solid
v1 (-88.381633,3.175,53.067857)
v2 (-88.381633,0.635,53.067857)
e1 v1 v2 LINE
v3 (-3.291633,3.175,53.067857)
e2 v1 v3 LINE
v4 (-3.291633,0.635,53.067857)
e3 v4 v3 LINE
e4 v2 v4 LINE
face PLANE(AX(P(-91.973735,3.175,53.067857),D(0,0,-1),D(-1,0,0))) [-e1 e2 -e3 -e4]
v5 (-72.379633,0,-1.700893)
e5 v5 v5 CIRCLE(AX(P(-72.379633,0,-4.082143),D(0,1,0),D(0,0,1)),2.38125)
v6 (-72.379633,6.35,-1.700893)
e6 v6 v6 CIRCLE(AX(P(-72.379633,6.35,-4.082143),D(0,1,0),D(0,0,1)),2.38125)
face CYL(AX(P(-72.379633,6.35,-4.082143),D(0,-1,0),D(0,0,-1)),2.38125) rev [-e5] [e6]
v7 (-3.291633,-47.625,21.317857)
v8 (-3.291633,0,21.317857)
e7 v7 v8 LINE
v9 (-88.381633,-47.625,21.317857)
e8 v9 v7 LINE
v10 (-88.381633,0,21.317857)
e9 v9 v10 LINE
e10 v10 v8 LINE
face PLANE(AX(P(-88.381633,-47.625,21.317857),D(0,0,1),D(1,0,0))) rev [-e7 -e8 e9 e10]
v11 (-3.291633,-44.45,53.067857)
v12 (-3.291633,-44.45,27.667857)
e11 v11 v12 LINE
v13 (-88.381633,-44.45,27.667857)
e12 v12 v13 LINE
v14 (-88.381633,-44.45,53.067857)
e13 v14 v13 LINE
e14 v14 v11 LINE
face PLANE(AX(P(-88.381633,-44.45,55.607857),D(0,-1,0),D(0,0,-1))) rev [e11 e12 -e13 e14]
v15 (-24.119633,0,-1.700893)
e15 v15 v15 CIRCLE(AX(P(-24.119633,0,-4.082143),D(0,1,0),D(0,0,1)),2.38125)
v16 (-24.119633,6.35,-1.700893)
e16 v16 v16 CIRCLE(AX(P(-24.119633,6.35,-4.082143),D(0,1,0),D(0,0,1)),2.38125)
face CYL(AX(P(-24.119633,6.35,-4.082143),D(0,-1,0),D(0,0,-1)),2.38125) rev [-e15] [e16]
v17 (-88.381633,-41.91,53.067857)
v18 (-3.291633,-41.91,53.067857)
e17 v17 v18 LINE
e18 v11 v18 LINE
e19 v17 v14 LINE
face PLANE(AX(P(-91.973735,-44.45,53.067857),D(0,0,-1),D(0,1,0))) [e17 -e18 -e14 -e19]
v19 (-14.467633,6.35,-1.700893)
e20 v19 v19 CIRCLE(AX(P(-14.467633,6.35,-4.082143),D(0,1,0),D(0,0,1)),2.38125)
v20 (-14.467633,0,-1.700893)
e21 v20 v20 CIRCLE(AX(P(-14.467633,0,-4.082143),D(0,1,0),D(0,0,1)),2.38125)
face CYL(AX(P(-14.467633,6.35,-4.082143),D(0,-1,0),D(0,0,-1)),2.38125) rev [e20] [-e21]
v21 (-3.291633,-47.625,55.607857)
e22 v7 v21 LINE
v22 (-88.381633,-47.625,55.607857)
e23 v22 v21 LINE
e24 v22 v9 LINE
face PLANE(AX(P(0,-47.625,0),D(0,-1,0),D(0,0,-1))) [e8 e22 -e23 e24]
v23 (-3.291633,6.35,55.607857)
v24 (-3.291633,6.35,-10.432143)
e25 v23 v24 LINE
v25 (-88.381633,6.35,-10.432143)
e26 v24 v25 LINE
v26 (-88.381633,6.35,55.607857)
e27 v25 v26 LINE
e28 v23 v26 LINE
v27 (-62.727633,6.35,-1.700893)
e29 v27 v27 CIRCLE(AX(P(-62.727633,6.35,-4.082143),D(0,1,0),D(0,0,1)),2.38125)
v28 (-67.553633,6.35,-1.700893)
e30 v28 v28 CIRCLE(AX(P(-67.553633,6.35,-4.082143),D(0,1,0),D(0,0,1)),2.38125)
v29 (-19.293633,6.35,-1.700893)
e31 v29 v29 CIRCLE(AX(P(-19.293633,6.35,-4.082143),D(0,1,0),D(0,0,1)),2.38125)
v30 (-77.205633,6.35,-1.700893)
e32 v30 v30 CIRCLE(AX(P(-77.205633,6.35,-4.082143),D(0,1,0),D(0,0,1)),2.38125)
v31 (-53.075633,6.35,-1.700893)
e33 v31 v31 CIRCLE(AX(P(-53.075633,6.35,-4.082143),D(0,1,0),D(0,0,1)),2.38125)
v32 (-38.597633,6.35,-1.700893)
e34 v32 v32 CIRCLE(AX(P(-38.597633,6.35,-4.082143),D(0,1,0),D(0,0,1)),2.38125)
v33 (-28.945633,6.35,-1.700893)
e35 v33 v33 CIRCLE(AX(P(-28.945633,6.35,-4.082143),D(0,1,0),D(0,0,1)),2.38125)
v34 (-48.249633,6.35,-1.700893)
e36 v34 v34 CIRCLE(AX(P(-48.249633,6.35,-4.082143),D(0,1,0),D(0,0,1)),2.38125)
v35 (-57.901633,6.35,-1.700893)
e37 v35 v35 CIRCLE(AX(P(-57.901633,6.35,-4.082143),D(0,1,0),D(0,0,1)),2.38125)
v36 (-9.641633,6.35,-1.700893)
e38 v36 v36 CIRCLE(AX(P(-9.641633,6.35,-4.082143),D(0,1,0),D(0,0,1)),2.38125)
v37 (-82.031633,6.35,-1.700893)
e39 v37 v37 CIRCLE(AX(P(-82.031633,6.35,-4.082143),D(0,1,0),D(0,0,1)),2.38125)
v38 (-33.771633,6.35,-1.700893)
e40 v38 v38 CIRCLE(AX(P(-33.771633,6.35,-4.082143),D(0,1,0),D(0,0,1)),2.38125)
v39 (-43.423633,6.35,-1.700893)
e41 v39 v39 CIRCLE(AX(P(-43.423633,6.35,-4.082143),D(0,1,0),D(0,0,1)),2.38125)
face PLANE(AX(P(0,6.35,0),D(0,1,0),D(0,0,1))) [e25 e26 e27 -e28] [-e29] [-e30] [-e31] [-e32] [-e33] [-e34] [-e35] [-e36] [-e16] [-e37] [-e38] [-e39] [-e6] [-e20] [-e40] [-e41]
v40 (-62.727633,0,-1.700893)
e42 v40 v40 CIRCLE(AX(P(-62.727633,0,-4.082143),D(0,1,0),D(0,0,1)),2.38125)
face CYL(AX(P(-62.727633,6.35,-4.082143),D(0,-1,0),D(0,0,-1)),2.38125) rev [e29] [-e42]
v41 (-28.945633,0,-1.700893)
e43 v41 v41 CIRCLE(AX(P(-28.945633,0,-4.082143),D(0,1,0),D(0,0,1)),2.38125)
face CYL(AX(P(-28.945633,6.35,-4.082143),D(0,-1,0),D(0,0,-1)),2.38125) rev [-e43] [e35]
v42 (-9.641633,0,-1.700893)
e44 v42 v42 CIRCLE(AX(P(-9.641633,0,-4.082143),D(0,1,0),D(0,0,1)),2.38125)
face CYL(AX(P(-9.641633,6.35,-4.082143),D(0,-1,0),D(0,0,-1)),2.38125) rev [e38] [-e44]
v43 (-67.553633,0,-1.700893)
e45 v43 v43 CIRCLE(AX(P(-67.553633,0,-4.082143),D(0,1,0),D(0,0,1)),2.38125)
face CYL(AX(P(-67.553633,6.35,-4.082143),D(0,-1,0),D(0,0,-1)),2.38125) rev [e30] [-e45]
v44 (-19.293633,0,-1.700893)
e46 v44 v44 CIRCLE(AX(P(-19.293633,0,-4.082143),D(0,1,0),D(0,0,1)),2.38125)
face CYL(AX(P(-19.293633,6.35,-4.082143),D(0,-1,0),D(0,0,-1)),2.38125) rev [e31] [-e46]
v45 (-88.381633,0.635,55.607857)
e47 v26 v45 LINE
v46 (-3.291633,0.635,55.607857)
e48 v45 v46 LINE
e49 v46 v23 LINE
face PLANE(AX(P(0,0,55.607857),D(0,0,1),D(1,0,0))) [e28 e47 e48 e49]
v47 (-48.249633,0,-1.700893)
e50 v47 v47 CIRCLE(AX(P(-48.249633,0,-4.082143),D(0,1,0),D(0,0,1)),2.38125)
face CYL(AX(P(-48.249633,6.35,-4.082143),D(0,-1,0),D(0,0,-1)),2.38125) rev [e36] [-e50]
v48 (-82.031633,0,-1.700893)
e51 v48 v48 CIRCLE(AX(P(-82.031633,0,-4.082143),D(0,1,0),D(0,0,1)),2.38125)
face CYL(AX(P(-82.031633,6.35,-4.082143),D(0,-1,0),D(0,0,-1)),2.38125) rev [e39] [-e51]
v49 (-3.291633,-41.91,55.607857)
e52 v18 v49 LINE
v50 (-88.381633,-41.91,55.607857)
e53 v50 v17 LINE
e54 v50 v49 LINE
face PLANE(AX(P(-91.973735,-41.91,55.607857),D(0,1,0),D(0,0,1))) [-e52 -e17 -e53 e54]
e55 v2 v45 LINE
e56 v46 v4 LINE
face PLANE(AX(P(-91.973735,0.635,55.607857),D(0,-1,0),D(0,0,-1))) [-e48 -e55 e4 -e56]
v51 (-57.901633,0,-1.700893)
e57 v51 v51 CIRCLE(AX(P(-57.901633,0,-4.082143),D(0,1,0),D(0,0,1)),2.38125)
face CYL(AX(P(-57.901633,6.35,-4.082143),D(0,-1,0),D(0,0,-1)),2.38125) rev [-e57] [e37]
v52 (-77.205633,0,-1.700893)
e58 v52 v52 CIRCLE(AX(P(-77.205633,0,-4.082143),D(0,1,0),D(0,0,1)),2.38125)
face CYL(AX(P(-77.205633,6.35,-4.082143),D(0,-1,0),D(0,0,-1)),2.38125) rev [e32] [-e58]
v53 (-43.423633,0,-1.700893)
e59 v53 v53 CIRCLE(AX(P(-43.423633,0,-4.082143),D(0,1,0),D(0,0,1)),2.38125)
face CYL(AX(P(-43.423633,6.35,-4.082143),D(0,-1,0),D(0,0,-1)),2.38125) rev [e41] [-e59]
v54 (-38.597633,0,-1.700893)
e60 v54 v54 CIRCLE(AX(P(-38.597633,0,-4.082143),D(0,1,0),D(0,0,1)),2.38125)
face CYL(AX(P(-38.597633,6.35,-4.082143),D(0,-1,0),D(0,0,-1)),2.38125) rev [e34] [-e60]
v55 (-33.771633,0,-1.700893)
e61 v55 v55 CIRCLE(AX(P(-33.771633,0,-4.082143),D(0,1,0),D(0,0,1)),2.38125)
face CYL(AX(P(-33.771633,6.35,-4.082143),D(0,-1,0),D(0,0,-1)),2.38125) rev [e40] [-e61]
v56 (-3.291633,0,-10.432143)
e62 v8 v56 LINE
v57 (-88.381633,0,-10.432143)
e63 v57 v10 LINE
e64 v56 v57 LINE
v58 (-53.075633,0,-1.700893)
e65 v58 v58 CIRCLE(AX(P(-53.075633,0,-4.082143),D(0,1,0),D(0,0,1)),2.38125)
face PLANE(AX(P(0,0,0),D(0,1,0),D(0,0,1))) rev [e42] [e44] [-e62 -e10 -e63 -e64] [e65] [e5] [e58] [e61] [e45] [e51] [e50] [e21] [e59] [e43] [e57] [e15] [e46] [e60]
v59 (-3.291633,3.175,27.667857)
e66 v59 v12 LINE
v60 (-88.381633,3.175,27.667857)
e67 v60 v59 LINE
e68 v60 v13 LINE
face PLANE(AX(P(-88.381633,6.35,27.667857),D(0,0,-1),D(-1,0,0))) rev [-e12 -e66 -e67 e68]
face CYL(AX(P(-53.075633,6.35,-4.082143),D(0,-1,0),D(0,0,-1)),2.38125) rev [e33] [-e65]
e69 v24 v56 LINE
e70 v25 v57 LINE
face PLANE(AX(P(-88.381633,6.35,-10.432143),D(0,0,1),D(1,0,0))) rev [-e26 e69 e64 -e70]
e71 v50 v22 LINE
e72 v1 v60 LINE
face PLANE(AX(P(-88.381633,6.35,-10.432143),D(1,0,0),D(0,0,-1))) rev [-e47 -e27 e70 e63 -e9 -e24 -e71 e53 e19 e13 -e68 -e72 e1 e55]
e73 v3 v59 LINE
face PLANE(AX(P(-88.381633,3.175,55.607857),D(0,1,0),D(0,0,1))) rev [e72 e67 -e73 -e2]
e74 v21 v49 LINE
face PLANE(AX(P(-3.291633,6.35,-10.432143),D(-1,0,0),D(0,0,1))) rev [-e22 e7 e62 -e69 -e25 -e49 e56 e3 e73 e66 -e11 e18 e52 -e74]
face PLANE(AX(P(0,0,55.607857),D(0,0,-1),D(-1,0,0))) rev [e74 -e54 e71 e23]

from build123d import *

# Parameters (mm, degrees)
SKETCH1_W           = 85.09
SKETCH1_H           = 38.1
SKETCH1_R           = 2.38125
BOSS_EXTRUDE1_DEPTH = 6.35
SKETCH2_W           = 85.09
SKETCH2_H           = 6.35
BOSS_EXTRUDE2_DEPTH = 47.625
SKETCH3_W           = 85.09
SKETCH3_H           = 3.175
BOSS_EXTRUDE3_DEPTH = 27.94
SKETCH4_W           = 2.54
SKETCH4_H           = 2.54
BOSS_EXTRUDE4_DEPTH = 85.09


with BuildPart() as part:
    # Sketch1 → Boss-Extrude1 (new body)
    with BuildSketch(Plane(origin=(0, 0, 0), x_dir=(1, 0, 0), z_dir=(0, 1, 0))):
        with Locations((-45.836632653, -8.617857143)):
            Rectangle(SKETCH1_W, SKETCH1_H)
        with Locations(Location((-82.031632653, 4.082142857, 0), (0, 0, 270))):
            Circle(SKETCH1_R, mode=Mode.SUBTRACT)
        with Locations(Location((-77.205632653, 4.082142857, 0), (0, 0, 270))):
            Circle(SKETCH1_R, mode=Mode.SUBTRACT)
        with Locations(Location((-72.379632653, 4.082142857, 0), (0, 0, 270))):
            Circle(SKETCH1_R, mode=Mode.SUBTRACT)
        with Locations(Location((-67.553632653, 4.082142857, 0), (0, 0, 270))):
            Circle(SKETCH1_R, mode=Mode.SUBTRACT)
        with Locations(Location((-62.727632653, 4.082142857, 0), (0, 0, 270))):
            Circle(SKETCH1_R, mode=Mode.SUBTRACT)
        with Locations(Location((-57.901632653, 4.082142857, 0), (0, 0, 270))):
            Circle(SKETCH1_R, mode=Mode.SUBTRACT)
        with Locations(Location((-53.075632653, 4.082142857, 0), (0, 0, 270))):
            Circle(SKETCH1_R, mode=Mode.SUBTRACT)
        with Locations(Location((-48.249632653, 4.082142857, 0), (0, 0, 270))):
            Circle(SKETCH1_R, mode=Mode.SUBTRACT)
        with Locations(Location((-43.423632653, 4.082142857, 0), (0, 0, 270))):
            Circle(SKETCH1_R, mode=Mode.SUBTRACT)
        with Locations(Location((-38.597632653, 4.082142857, 0), (0, 0, 270))):
            Circle(SKETCH1_R, mode=Mode.SUBTRACT)
        with Locations(Location((-33.771632653, 4.082142857, 0), (0, 0, 270))):
            Circle(SKETCH1_R, mode=Mode.SUBTRACT)
        with Locations(Location((-28.945632653, 4.082142857, 0), (0, 0, 270))):
            Circle(SKETCH1_R, mode=Mode.SUBTRACT)
        with Locations(Location((-24.119632653, 4.082142857, 0), (0, 0, 270))):
            Circle(SKETCH1_R, mode=Mode.SUBTRACT)
        with Locations(Location((-19.293632653, 4.082142857, 0), (0, 0, 270))):
            Circle(SKETCH1_R, mode=Mode.SUBTRACT)
        with Locations(Location((-14.467632653, 4.082142857, 0), (0, 0, 270))):
            Circle(SKETCH1_R, mode=Mode.SUBTRACT)
        with Locations(Location((-9.641632653, 4.082142857, 0), (0, 0, 270))):
            Circle(SKETCH1_R, mode=Mode.SUBTRACT)
    extrude(amount=BOSS_EXTRUDE1_DEPTH)

    # Sketch2 → Boss-Extrude2 (add)
    with BuildSketch(Plane.XZ):
        with Locations((-45.836632653, 24.492857143)):
            Rectangle(SKETCH2_W, SKETCH2_H)
    extrude(amount=BOSS_EXTRUDE2_DEPTH)

    # Sketch3 → Boss-Extrude3 (add)
    with BuildSketch(Plane.XY.offset(27.667857143)):
        with Locations((-45.836632653, 4.7625)):
            Rectangle(SKETCH3_W, SKETCH3_H)
        with Locations((-45.836632653, -46.0375)):
            Rectangle(SKETCH3_W, SKETCH3_H)
    extrude(amount=BOSS_EXTRUDE3_DEPTH)

    # Sketch4 → Boss-Extrude4 (add)
    with BuildSketch(Plane(origin=(-3.291632653, 0, 0), x_dir=(0, 0, -1), z_dir=(1, 0, 0))):
        with Locations((-54.337857143, 1.905)):
            Rectangle(SKETCH4_W, SKETCH4_H)
        with Locations((-54.337857143, -43.18)):
            Rectangle(SKETCH4_W, SKETCH4_H)
    extrude(amount=-BOSS_EXTRUDE4_DEPTH)


solid = part.part
